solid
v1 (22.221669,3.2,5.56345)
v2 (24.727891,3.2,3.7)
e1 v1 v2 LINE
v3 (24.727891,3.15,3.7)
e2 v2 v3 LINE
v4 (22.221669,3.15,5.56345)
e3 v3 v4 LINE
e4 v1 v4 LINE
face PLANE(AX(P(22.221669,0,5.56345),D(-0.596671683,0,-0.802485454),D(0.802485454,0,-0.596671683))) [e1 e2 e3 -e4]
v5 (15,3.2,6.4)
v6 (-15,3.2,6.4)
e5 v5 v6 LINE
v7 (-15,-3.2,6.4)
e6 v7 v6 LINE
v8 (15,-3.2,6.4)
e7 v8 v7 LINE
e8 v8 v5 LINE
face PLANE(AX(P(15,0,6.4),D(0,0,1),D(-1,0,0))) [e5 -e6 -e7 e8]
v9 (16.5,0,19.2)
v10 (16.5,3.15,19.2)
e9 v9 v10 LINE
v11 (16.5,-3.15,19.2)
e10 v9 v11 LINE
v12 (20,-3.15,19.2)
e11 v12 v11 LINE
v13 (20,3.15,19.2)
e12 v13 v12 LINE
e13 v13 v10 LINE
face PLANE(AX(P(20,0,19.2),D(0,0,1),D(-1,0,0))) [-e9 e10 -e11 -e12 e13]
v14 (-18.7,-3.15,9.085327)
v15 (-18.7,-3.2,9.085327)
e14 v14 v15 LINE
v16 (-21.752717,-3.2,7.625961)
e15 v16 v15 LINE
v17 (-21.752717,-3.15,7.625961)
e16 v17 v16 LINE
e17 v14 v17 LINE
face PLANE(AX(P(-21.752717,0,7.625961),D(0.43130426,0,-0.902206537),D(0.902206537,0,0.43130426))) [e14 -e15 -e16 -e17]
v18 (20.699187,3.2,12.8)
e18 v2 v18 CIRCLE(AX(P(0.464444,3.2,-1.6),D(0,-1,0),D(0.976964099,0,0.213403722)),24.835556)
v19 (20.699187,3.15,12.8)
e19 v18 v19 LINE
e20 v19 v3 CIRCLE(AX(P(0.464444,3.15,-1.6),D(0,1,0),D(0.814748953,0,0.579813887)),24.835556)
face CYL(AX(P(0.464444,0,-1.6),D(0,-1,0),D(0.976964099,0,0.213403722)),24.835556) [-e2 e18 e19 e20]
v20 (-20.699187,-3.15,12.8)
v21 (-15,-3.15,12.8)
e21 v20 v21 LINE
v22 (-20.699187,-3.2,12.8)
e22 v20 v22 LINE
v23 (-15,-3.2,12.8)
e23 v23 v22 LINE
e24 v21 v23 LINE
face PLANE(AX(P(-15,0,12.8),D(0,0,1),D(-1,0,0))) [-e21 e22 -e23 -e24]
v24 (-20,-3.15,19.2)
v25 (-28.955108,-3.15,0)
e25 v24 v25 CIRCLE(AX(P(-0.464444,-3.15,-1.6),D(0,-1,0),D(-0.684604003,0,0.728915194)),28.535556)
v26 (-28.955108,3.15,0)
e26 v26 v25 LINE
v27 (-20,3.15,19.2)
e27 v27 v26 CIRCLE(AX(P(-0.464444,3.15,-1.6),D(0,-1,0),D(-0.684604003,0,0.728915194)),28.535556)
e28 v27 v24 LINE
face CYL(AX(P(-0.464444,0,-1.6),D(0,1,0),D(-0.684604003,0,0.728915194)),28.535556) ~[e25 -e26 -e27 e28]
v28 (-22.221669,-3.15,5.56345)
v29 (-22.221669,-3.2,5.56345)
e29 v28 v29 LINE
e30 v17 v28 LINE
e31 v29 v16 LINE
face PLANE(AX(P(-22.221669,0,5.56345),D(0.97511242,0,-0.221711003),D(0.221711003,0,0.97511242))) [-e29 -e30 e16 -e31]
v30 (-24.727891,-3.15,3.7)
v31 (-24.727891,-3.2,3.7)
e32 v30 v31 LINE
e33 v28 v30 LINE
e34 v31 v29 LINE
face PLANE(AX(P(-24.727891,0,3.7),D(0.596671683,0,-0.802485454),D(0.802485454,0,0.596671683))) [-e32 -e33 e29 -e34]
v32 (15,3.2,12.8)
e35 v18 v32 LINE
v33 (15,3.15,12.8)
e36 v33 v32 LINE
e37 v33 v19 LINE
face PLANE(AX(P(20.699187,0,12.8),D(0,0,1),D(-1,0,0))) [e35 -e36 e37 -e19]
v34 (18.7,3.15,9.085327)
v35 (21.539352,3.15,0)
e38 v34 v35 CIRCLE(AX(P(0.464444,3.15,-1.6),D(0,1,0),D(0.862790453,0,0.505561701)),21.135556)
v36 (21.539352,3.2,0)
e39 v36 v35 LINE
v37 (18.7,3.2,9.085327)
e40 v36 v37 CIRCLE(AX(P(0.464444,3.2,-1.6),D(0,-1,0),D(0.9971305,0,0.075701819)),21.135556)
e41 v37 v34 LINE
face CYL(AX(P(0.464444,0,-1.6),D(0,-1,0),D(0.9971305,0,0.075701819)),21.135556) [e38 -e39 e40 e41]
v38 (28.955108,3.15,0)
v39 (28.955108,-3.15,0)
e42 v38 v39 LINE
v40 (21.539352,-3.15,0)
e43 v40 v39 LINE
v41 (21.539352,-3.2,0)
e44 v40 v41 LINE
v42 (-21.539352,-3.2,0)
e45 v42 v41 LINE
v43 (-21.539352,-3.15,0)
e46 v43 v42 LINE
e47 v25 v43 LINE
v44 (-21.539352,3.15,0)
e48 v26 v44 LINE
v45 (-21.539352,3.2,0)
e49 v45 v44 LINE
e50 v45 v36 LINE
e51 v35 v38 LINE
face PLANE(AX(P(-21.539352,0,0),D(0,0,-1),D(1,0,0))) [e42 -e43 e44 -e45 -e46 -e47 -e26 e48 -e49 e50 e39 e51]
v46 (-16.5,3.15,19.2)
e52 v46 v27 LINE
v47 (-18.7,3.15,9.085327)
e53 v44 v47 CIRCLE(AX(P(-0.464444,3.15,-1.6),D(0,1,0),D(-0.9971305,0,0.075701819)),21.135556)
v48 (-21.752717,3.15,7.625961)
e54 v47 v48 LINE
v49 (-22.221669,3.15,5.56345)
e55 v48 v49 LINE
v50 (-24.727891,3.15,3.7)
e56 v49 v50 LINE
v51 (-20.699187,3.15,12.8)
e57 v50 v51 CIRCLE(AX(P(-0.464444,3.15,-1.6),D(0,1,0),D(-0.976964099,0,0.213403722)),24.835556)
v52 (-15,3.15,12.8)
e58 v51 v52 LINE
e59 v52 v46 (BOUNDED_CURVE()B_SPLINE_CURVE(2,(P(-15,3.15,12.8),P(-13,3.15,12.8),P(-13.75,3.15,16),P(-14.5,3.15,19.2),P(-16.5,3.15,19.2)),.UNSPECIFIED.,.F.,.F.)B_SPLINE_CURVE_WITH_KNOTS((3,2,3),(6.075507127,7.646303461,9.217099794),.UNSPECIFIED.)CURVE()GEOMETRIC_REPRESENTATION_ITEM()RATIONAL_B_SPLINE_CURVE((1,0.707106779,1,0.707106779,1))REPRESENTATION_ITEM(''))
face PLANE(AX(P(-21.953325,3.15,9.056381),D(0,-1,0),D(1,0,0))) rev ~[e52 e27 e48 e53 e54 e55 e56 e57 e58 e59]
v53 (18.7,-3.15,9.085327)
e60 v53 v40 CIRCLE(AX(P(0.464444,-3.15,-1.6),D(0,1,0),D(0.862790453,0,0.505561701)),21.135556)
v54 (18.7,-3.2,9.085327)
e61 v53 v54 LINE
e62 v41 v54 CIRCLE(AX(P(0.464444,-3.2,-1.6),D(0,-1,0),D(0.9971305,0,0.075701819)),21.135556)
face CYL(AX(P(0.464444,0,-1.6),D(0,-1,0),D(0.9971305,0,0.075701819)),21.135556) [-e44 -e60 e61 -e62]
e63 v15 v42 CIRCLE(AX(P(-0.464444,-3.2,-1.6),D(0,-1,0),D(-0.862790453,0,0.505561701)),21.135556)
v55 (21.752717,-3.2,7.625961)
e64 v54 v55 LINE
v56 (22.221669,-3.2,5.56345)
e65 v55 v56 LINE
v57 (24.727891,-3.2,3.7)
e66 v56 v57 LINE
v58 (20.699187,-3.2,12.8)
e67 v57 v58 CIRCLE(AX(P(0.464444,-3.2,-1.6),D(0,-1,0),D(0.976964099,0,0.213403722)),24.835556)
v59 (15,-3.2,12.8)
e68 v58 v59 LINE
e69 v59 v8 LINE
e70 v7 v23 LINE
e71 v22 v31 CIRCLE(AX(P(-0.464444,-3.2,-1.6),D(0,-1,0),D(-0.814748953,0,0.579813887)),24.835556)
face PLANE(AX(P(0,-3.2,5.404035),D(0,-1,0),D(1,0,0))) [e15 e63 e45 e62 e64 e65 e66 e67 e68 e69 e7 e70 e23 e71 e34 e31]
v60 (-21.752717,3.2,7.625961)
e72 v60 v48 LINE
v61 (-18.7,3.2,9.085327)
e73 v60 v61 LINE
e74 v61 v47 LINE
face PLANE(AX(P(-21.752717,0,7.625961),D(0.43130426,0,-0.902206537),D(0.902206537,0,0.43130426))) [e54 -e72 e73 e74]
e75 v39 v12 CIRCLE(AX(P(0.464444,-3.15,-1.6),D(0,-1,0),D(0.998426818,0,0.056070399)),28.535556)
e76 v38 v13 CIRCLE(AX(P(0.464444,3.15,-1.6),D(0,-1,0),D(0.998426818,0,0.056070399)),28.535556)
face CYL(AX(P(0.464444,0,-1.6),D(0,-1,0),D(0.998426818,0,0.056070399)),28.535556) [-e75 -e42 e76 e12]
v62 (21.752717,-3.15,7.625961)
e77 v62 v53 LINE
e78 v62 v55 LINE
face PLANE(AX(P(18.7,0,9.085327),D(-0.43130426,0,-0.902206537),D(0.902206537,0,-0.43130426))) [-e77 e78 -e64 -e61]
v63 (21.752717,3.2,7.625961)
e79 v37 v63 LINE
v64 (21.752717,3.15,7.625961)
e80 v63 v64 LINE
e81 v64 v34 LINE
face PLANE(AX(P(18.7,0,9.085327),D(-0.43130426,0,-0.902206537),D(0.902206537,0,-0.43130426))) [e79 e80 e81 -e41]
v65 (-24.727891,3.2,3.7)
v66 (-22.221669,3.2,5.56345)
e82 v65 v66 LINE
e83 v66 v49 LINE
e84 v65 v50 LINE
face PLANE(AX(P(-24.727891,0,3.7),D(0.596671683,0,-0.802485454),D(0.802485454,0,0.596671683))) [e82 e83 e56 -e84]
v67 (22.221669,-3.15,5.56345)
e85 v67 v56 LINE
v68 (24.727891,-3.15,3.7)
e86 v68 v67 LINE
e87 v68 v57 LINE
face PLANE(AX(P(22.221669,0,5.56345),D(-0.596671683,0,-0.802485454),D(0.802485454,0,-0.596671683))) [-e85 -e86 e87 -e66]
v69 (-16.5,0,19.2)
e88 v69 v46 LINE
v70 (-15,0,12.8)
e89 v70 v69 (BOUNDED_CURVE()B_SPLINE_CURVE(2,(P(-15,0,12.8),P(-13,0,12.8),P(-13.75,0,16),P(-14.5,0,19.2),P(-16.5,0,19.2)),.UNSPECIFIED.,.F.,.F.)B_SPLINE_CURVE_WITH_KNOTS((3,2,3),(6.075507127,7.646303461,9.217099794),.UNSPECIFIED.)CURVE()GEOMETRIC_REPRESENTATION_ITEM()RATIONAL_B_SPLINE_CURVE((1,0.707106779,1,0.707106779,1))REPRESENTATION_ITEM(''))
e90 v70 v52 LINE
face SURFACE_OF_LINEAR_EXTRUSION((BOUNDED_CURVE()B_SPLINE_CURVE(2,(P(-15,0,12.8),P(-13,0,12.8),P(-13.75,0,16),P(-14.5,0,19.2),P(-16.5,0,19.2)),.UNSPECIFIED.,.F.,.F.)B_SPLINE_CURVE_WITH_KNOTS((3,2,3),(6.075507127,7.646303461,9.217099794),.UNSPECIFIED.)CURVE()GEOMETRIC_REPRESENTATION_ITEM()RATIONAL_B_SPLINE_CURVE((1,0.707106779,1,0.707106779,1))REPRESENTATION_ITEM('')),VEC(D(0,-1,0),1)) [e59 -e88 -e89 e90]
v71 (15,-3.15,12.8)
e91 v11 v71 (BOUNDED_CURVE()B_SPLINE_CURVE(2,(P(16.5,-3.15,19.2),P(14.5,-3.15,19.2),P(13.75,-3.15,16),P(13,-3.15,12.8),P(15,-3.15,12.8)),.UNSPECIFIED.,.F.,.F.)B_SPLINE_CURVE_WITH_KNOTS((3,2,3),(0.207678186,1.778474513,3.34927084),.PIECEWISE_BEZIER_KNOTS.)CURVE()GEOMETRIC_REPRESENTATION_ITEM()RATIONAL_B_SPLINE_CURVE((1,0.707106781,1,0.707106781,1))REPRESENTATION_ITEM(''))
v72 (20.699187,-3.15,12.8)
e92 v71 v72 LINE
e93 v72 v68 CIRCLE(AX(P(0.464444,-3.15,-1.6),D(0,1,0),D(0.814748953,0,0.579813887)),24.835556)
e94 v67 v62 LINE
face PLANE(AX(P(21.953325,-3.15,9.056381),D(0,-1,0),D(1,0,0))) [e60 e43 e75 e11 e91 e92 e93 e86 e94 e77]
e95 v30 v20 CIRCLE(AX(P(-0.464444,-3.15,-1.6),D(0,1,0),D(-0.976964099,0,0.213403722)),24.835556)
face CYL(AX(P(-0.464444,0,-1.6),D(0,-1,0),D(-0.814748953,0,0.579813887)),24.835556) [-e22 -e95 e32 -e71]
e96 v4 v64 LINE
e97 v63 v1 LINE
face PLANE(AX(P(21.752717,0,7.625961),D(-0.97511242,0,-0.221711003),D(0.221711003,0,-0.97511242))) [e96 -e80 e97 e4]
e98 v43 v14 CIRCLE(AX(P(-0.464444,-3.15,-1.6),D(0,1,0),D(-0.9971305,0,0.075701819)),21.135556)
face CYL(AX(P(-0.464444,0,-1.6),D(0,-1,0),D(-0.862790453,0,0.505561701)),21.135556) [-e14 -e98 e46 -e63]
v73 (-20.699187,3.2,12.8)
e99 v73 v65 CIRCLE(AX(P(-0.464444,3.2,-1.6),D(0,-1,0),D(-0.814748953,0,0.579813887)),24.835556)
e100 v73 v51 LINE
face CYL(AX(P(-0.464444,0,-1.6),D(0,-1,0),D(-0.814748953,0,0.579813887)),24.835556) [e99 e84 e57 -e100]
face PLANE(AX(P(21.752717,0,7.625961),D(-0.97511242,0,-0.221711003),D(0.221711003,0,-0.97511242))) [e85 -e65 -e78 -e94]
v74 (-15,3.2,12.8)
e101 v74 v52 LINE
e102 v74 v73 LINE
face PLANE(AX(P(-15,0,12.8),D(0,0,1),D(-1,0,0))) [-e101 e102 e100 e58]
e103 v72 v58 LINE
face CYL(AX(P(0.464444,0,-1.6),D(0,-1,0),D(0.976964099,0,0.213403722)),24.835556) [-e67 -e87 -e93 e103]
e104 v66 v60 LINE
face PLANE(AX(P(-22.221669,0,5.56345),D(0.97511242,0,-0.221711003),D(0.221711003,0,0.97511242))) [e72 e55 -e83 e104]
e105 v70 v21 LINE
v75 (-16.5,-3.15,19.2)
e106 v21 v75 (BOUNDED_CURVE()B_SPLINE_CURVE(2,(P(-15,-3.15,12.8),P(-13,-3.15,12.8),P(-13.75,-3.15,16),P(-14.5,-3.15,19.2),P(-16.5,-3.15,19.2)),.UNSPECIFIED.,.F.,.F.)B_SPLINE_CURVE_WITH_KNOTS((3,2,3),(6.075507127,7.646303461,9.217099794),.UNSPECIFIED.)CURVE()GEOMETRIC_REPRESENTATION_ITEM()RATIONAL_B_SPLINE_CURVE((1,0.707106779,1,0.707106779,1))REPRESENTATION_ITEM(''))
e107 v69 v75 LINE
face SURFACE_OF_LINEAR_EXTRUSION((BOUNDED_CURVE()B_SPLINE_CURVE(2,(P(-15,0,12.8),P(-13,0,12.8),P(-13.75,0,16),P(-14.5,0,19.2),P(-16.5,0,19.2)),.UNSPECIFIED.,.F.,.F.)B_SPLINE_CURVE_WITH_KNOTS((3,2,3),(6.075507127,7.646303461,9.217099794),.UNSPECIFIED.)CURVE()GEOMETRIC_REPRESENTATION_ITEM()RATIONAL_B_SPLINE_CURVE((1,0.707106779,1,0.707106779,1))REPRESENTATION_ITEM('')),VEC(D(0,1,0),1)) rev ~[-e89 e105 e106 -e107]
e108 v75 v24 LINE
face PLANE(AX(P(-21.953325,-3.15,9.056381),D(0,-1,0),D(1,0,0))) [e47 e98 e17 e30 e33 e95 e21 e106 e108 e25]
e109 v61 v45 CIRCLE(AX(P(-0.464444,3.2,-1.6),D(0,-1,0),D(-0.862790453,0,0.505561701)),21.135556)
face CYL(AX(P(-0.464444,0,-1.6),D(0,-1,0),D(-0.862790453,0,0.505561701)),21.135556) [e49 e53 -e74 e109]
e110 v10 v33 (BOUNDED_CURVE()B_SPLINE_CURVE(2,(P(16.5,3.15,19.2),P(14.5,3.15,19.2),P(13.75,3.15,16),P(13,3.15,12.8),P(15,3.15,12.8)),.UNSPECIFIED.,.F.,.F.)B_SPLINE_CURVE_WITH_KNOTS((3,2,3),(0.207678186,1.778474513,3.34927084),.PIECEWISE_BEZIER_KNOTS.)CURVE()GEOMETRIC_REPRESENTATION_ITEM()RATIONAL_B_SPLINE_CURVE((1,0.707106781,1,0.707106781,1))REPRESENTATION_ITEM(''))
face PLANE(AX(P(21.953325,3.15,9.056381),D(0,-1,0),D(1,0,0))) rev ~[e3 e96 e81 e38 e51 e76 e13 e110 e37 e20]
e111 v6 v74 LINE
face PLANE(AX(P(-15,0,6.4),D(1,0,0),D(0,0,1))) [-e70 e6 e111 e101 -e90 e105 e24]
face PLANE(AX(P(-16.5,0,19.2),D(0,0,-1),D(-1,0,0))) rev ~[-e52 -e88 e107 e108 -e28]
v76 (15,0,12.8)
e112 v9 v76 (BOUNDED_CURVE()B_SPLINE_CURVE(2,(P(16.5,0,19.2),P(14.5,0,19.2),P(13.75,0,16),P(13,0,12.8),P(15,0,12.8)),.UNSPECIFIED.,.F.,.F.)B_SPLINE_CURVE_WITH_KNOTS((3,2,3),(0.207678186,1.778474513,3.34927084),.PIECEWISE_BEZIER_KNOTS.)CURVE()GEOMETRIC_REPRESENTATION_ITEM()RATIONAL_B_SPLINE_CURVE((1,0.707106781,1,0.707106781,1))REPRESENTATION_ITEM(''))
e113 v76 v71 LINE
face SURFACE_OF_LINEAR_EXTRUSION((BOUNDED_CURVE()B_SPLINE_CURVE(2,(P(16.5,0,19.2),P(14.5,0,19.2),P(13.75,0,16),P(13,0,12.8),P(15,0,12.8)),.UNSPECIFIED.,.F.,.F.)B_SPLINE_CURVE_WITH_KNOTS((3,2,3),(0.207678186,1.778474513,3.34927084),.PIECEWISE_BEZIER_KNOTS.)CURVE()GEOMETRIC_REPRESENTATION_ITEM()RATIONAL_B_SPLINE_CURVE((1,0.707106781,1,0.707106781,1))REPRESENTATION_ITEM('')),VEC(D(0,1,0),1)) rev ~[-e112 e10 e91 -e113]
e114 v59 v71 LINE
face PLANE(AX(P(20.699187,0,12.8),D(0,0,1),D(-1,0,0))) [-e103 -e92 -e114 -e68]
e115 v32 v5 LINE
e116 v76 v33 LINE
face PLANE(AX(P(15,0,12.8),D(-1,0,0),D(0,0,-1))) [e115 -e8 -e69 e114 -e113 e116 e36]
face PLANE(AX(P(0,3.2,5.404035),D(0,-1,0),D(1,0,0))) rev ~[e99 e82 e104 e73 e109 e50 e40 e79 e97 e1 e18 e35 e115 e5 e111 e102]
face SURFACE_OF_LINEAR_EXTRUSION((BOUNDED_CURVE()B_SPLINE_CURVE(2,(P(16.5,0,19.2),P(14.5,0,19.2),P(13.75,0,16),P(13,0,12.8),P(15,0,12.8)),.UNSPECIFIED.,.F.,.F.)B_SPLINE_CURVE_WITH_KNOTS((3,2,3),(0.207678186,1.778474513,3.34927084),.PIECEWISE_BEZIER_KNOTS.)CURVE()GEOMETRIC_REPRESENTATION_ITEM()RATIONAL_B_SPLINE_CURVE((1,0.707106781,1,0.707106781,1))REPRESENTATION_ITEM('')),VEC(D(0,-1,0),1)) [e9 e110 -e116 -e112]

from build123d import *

# Parameters (mm, degrees)
F2_DEPTH = 3.2
F3_DEPTH = 3.15


with BuildPart() as f2:
    # F1 (on Front) → F2 (new body, symmetric)
    with BuildSketch(Plane.XZ):
        with BuildLine():
            Line((-15, 6.4), (-15, 12.8))
            Line((-15, 12.8), (-20.6991873327, 12.8))
            ThreePointArc((-20.6991873327, 12.8), (-23.1740174751, 8.453860578), (-24.7278906085, 3.7))
            Line((-24.7278906085, 3.7), (-22.2216690949, 5.5634498618))
            Line((-22.2216690949, 5.5634498618), (-21.7527165138, 7.6259613264))
            Line((-21.7527165138, 7.6259613264), (-18.7, 9.0853274271))
            ThreePointArc((-18.7, 9.0853274271), (-20.6377910154, 4.7045853769), (-21.5393515296, 0))
            Line((-21.5393515296, 0), (21.5393515296, 0))
            ThreePointArc((21.5393515296, 0), (20.6377910154, 4.7045853769), (18.7, 9.0853274271))
            Line((18.7, 9.0853274271), (21.7527165138, 7.6259613264))
            Line((21.7527165138, 7.6259613264), (22.2216690949, 5.5634498618))
            Line((22.2216690949, 5.5634498618), (24.7278906085, 3.7))
            ThreePointArc((24.7278906085, 3.7), (23.1740174751, 8.453860578), (20.6991873327, 12.8))
            Line((20.6991873327, 12.8), (15, 12.8))
            Line((15, 12.8), (15, 6.4))
            Line((15, 6.4), (-15, 6.4))
        make_face()
    extrude(amount=F2_DEPTH, both=True)

    # F1 (on Front) → F3 (join, symmetric)
    with BuildSketch(Plane.XZ):
        with BuildLine():
            add(Edge.make_bspline(
                [(-15.0000000141, 12.8), (-13, 12.8), (-13.7500000053, 16.0000000226), (-14.5000000106, 19.2000000451), (-16.5000000141, 19.2)],
                knots=[6.0755071268, 6.0755071268, 6.0755071268, 7.6463034607, 7.6463034607, 9.2170997945, 9.2170997945, 9.2170997945], degree=2, weights=[1, 0.7071067787, 1, 0.7071067787, 1]))
            Line((-16.5, 19.2), (-20, 19.2))
            ThreePointArc((-20, 19.2), (-26.3254080652, 10.4618610287), (-28.9551083691, 0))
            Line((-28.9551083691, 0), (-21.5393515296, 0))
            ThreePointArc((-21.5393515296, 0), (-20.6377910154, 4.7045853769), (-18.7, 9.0853274271))
            Line((-18.7, 9.0853274271), (-21.7527165138, 7.6259613264))
            Line((-21.7527165138, 7.6259613264), (-22.2216690949, 5.5634498618))
            Line((-22.2216690949, 5.5634498618), (-24.7278906085, 3.7))
            ThreePointArc((-24.7278906085, 3.7), (-23.1740174751, 8.453860578), (-20.6991873327, 12.8))
            Line((-20.6991873327, 12.8), (-15, 12.8))
        make_face()
        with BuildLine():
            ThreePointArc((18.7, 9.0853274271), (20.6377910154, 4.7045853769), (21.5393515296, 0))
            Line((21.5393515296, 0), (28.9551083691, 0))
            ThreePointArc((28.9551083691, 0), (26.3254080652, 10.4618610287), (20, 19.2))
            Line((20, 19.2), (16.5, 19.2))
            add(Edge.make_bspline(
                [(16.5, 19.2), (14.4999999859, 19.2), (13.7499999859, 16), (12.9999999859, 12.8), (15, 12.8)],
                knots=[0.2076781861, 0.2076781861, 0.2076781861, 1.7784745129, 1.7784745129, 3.3492708397, 3.3492708397, 3.3492708397], degree=2, weights=[1, 0.7071067812, 1, 0.7071067812, 1]))
            Line((15, 12.8), (20.6991873327, 12.8))
            ThreePointArc((20.6991873327, 12.8), (23.1740174751, 8.453860578), (24.7278906085, 3.7))
            Line((24.7278906085, 3.7), (22.2216690949, 5.5634498618))
            Line((22.2216690949, 5.5634498618), (21.7527165138, 7.6259613264))
            Line((21.7527165138, 7.6259613264), (18.7, 9.0853274271))
        make_face()
    extrude(amount=F3_DEPTH, both=True)


solid = f2.part
